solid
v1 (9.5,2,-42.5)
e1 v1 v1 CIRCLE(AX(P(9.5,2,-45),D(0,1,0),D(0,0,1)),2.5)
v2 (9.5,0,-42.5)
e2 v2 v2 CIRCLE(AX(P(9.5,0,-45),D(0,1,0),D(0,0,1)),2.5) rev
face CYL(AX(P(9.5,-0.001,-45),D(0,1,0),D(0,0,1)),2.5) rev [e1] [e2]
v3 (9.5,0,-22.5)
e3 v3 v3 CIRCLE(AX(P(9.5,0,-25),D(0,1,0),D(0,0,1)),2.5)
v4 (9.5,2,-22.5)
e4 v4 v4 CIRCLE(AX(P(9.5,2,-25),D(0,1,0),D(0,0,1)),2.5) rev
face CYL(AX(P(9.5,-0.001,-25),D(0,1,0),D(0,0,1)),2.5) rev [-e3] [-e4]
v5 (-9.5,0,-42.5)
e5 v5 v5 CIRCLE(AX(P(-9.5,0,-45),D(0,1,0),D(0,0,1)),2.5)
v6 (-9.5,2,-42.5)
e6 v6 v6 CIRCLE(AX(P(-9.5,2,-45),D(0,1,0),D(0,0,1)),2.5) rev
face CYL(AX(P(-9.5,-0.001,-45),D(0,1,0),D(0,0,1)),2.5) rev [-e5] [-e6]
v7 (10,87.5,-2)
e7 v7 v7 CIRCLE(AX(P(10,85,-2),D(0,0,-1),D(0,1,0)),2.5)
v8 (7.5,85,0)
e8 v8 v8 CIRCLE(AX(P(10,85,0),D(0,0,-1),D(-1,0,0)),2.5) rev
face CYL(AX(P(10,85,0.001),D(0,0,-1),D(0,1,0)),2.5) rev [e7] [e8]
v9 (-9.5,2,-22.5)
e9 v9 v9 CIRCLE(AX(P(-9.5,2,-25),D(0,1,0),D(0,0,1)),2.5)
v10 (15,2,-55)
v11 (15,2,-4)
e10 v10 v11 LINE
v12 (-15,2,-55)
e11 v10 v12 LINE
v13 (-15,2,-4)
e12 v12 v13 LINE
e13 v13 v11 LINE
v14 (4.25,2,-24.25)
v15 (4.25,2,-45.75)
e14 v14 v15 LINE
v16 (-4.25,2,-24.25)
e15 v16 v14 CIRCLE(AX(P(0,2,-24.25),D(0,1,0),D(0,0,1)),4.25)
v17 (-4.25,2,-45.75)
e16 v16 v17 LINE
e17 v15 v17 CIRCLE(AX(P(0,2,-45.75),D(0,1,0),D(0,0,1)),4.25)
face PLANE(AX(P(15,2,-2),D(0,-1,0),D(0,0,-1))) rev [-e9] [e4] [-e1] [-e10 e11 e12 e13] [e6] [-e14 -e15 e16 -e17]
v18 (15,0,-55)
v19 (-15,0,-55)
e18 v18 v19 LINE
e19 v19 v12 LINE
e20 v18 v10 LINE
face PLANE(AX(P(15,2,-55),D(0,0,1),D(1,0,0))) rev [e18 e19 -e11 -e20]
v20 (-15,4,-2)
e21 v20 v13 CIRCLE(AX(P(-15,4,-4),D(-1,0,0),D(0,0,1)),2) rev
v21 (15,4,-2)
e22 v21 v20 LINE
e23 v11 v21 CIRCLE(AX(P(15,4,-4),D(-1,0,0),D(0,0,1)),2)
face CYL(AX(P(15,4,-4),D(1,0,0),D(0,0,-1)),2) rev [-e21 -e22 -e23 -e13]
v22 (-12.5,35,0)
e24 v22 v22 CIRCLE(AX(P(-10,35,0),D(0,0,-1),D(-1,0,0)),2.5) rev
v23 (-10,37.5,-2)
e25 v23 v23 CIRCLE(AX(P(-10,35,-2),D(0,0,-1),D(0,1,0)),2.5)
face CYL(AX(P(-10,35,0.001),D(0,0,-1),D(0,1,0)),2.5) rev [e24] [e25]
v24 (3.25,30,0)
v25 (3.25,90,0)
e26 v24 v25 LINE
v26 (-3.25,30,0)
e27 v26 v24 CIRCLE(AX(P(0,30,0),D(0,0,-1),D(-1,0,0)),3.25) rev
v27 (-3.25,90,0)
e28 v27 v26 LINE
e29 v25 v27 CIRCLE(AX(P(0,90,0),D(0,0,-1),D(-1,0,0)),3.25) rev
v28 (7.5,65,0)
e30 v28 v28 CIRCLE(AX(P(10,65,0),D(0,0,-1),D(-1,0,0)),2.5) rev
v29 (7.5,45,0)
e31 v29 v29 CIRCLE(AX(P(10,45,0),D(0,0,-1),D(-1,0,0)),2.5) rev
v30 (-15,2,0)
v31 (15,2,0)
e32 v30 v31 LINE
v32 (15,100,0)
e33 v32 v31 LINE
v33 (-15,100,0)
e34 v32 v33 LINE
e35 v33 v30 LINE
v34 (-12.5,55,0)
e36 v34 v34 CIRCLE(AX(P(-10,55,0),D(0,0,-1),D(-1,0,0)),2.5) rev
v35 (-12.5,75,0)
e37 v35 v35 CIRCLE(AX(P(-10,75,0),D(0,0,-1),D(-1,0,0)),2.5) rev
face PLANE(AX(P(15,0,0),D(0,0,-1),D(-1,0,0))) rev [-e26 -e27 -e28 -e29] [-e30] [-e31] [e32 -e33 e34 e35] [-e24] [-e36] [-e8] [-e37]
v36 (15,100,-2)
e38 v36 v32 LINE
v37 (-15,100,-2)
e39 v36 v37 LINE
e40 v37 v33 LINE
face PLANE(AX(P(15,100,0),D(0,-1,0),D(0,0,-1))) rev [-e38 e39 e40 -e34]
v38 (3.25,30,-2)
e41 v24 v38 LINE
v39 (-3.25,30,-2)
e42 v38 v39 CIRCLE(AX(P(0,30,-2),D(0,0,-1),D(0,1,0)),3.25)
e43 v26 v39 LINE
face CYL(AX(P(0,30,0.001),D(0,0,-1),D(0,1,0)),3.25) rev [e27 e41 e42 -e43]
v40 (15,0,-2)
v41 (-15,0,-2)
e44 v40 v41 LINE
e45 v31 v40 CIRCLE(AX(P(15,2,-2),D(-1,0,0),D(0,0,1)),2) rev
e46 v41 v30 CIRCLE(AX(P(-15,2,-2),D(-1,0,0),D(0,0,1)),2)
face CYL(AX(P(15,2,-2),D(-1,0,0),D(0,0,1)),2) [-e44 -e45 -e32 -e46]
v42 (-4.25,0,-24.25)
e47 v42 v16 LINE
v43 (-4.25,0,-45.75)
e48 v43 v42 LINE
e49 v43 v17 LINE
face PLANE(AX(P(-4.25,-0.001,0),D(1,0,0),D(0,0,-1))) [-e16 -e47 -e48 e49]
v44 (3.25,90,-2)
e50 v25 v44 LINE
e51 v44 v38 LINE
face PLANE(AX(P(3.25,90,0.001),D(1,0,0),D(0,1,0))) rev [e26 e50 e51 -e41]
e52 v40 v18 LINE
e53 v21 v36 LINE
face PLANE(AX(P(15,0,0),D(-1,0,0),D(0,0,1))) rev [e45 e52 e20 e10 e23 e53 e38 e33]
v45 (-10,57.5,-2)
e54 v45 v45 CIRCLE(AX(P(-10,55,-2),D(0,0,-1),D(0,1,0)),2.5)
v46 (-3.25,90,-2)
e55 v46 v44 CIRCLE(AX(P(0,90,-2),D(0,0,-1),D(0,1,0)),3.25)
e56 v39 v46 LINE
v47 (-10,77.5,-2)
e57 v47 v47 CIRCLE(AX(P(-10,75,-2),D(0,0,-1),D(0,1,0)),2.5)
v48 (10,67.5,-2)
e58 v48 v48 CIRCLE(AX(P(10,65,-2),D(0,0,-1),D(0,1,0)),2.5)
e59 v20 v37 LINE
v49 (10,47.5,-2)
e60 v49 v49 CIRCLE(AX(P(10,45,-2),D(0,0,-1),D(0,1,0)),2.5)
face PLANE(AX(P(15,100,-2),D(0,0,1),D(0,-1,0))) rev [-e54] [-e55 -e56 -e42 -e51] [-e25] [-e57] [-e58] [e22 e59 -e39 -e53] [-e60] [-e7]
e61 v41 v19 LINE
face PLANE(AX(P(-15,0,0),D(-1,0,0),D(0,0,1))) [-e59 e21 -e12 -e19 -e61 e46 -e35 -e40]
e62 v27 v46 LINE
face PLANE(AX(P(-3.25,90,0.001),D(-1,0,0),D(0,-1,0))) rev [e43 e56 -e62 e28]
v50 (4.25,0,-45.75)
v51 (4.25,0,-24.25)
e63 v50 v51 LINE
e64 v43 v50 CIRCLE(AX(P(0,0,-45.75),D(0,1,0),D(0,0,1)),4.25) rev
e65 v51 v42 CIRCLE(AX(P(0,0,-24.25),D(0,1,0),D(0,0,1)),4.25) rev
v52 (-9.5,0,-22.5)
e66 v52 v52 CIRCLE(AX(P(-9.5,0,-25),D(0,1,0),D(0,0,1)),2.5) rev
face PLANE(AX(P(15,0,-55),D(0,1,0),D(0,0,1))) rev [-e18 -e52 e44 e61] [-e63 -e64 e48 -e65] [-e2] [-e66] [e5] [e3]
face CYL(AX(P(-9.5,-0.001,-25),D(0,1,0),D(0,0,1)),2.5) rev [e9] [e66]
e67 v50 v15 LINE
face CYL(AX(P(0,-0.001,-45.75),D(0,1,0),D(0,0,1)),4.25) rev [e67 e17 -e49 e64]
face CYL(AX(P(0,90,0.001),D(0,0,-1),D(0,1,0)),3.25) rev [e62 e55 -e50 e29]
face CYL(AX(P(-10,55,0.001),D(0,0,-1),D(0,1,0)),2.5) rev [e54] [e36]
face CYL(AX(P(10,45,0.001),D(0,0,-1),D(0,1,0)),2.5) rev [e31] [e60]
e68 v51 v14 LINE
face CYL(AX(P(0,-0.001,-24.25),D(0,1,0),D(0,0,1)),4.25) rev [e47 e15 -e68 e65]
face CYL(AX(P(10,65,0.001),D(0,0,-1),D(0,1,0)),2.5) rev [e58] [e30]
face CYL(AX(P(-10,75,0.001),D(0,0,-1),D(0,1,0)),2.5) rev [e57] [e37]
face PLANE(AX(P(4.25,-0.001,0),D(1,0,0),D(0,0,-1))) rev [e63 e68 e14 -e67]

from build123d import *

# Parameters (mm, degrees)
BOSS_EXTRU_1_DEPTH      = 15
CONG_1_R                = 2
ENL_V_MAT_EXTRU_1_REACH = 4
ESQUISSE2_R             = 2.5
ENL_V_MAT_EXTRU_2_REACH = 4
ESQUISSE4_R             = 2.5


with BuildPart() as part:
    # Esquisse1 → Boss.-Extru.1 (new body, symmetric)
    with BuildSketch(Plane(origin=(0, 0, 0), x_dir=(0, 0, -1), z_dir=(1, 0, 0))):
        Polygon((0, 0), (0, 100), (2, 100), (2, 2), (55, 2), (55, 0), align=None)
    extrude(amount=BOSS_EXTRU_1_DEPTH, both=True)

    # Congé1
    cong_1_edges = [part.edges().sort_by_distance(p)[0] for p in [
        (0, 0, 0),
        (0, 2, -2),
    ]]
    fillet(cong_1_edges, radius=CONG_1_R)

    # Esquisse2 → Enlèv. mat.-Extru.1 (cut, up to next)
    with BuildSketch(Plane(origin=(0, 2, 0), x_dir=(1, 0, 0), z_dir=(0, 1, 0)), mode=Mode.PRIVATE) as enl_v_mat_extru_1_sk1:
        with BuildLine():
            Line((4.25, 24.25), (4.25, 45.75))
            ThreePointArc((4.25, 45.75), (0, 50), (-4.25, 45.75))
            Line((-4.25, 45.75), (-4.25, 24.25))
            ThreePointArc((-4.25, 24.25), (0, 20), (4.25, 24.25))
        make_face()
    enl_v_mat_extru_1_tool1 = extrude(enl_v_mat_extru_1_sk1.sketch, amount=-ENL_V_MAT_EXTRU_1_REACH, mode=Mode.PRIVATE) & part.part
    add(enl_v_mat_extru_1_tool1.solids().sort_by_distance((0, 2, -35))[0], mode=Mode.SUBTRACT)
    # Esquisse2 → Enlèv. mat.-Extru.1 (cut, up to next)
    with BuildSketch(Plane(origin=(0, 2, 0), x_dir=(1, 0, 0), z_dir=(0, 1, 0)), mode=Mode.PRIVATE) as enl_v_mat_extru_1_sk2:
        with Locations((-9.5, 25)):
            Circle(ESQUISSE2_R)
    enl_v_mat_extru_1_tool2 = extrude(enl_v_mat_extru_1_sk2.sketch, amount=-ENL_V_MAT_EXTRU_1_REACH, mode=Mode.PRIVATE) & part.part
    add(enl_v_mat_extru_1_tool2.solids().sort_by_distance((-9.5, 2, -25))[0], mode=Mode.SUBTRACT)
    # Esquisse2 → Enlèv. mat.-Extru.1 (cut, up to next)
    with BuildSketch(Plane(origin=(0, 2, 0), x_dir=(1, 0, 0), z_dir=(0, 1, 0)), mode=Mode.PRIVATE) as enl_v_mat_extru_1_sk3:
        with Locations((-9.5, 45)):
            Circle(ESQUISSE2_R)
    enl_v_mat_extru_1_tool3 = extrude(enl_v_mat_extru_1_sk3.sketch, amount=-ENL_V_MAT_EXTRU_1_REACH, mode=Mode.PRIVATE) & part.part
    add(enl_v_mat_extru_1_tool3.solids().sort_by_distance((-9.5, 2, -45))[0], mode=Mode.SUBTRACT)
    # Esquisse2 → Enlèv. mat.-Extru.1 (cut, up to next)
    with BuildSketch(Plane(origin=(0, 2, 0), x_dir=(1, 0, 0), z_dir=(0, 1, 0)), mode=Mode.PRIVATE) as enl_v_mat_extru_1_sk4:
        with Locations((9.5, 45)):
            Circle(ESQUISSE2_R)
    enl_v_mat_extru_1_tool4 = extrude(enl_v_mat_extru_1_sk4.sketch, amount=-ENL_V_MAT_EXTRU_1_REACH, mode=Mode.PRIVATE) & part.part
    add(enl_v_mat_extru_1_tool4.solids().sort_by_distance((9.5, 2, -45))[0], mode=Mode.SUBTRACT)
    # Esquisse2 → Enlèv. mat.-Extru.1 (cut, up to next)
    with BuildSketch(Plane(origin=(0, 2, 0), x_dir=(1, 0, 0), z_dir=(0, 1, 0)), mode=Mode.PRIVATE) as enl_v_mat_extru_1_sk5:
        with Locations((9.5, 25)):
            Circle(ESQUISSE2_R)
    enl_v_mat_extru_1_tool5 = extrude(enl_v_mat_extru_1_sk5.sketch, amount=-ENL_V_MAT_EXTRU_1_REACH, mode=Mode.PRIVATE) & part.part
    add(enl_v_mat_extru_1_tool5.solids().sort_by_distance((9.5, 2, -25))[0], mode=Mode.SUBTRACT)

    # Esquisse4 → Enlèv. mat.-Extru.2 (cut, up to next)
    with BuildSketch(Plane(origin=(0, 0, -2), x_dir=(-1, 0, 0), z_dir=(0, 0, -1)), mode=Mode.PRIVATE) as enl_v_mat_extru_2_sk1:
        with Locations((-10, 85)):
            Circle(ESQUISSE4_R)
    enl_v_mat_extru_2_tool1 = extrude(enl_v_mat_extru_2_sk1.sketch, amount=-ENL_V_MAT_EXTRU_2_REACH, mode=Mode.PRIVATE) & part.part
    add(enl_v_mat_extru_2_tool1.solids().sort_by_distance((10, 85, -2))[0], mode=Mode.SUBTRACT)
    # Esquisse4 → Enlèv. mat.-Extru.2 (cut, up to next)
    with BuildSketch(Plane(origin=(0, 0, -2), x_dir=(-1, 0, 0), z_dir=(0, 0, -1)), mode=Mode.PRIVATE) as enl_v_mat_extru_2_sk2:
        with Locations((-10, 65)):
            Circle(ESQUISSE4_R)
    enl_v_mat_extru_2_tool2 = extrude(enl_v_mat_extru_2_sk2.sketch, amount=-ENL_V_MAT_EXTRU_2_REACH, mode=Mode.PRIVATE) & part.part
    add(enl_v_mat_extru_2_tool2.solids().sort_by_distance((10, 65, -2))[0], mode=Mode.SUBTRACT)
    # Esquisse4 → Enlèv. mat.-Extru.2 (cut, up to next)
    with BuildSketch(Plane(origin=(0, 0, -2), x_dir=(-1, 0, 0), z_dir=(0, 0, -1)), mode=Mode.PRIVATE) as enl_v_mat_extru_2_sk3:
        with Locations((-10, 45)):
            Circle(ESQUISSE4_R)
    enl_v_mat_extru_2_tool3 = extrude(enl_v_mat_extru_2_sk3.sketch, amount=-ENL_V_MAT_EXTRU_2_REACH, mode=Mode.PRIVATE) & part.part
    add(enl_v_mat_extru_2_tool3.solids().sort_by_distance((10, 45, -2))[0], mode=Mode.SUBTRACT)
    # Esquisse4 → Enlèv. mat.-Extru.2 (cut, up to next)
    with BuildSketch(Plane(origin=(0, 0, -2), x_dir=(-1, 0, 0), z_dir=(0, 0, -1)), mode=Mode.PRIVATE) as enl_v_mat_extru_2_sk4:
        with Locations((10, 75)):
            Circle(ESQUISSE4_R)
    enl_v_mat_extru_2_tool4 = extrude(enl_v_mat_extru_2_sk4.sketch, amount=-ENL_V_MAT_EXTRU_2_REACH, mode=Mode.PRIVATE) & part.part
    add(enl_v_mat_extru_2_tool4.solids().sort_by_distance((-10, 75, -2))[0], mode=Mode.SUBTRACT)
    # Esquisse4 → Enlèv. mat.-Extru.2 (cut, up to next)
    with BuildSketch(Plane(origin=(0, 0, -2), x_dir=(-1, 0, 0), z_dir=(0, 0, -1)), mode=Mode.PRIVATE) as enl_v_mat_extru_2_sk5:
        with Locations((10, 55)):
            Circle(ESQUISSE4_R)
    enl_v_mat_extru_2_tool5 = extrude(enl_v_mat_extru_2_sk5.sketch, amount=-ENL_V_MAT_EXTRU_2_REACH, mode=Mode.PRIVATE) & part.part
    add(enl_v_mat_extru_2_tool5.solids().sort_by_distance((-10, 55, -2))[0], mode=Mode.SUBTRACT)
    # Esquisse4 → Enlèv. mat.-Extru.2 (cut, up to next)
    with BuildSketch(Plane(origin=(0, 0, -2), x_dir=(-1, 0, 0), z_dir=(0, 0, -1)), mode=Mode.PRIVATE) as enl_v_mat_extru_2_sk6:
        with Locations((10, 35)):
            Circle(ESQUISSE4_R)
    enl_v_mat_extru_2_tool6 = extrude(enl_v_mat_extru_2_sk6.sketch, amount=-ENL_V_MAT_EXTRU_2_REACH, mode=Mode.PRIVATE) & part.part
    add(enl_v_mat_extru_2_tool6.solids().sort_by_distance((-10, 35, -2))[0], mode=Mode.SUBTRACT)
    # Esquisse4 → Enlèv. mat.-Extru.2 (cut, up to next)
    with BuildSketch(Plane(origin=(0, 0, -2), x_dir=(-1, 0, 0), z_dir=(0, 0, -1)), mode=Mode.PRIVATE) as enl_v_mat_extru_2_sk7:
        with BuildLine():
            Line((3.25, 90), (3.25, 30))
            ThreePointArc((3.25, 30), (0, 26.75), (-3.25, 30))
            Line((-3.25, 30), (-3.25, 90))
            ThreePointArc((-3.25, 90), (0, 93.25), (3.25, 90))
        make_face()
    enl_v_mat_extru_2_tool7 = extrude(enl_v_mat_extru_2_sk7.sketch, amount=-ENL_V_MAT_EXTRU_2_REACH, mode=Mode.PRIVATE) & part.part
    add(enl_v_mat_extru_2_tool7.solids().sort_by_distance((0, 60, -2))[0], mode=Mode.SUBTRACT)


solid = part.part
